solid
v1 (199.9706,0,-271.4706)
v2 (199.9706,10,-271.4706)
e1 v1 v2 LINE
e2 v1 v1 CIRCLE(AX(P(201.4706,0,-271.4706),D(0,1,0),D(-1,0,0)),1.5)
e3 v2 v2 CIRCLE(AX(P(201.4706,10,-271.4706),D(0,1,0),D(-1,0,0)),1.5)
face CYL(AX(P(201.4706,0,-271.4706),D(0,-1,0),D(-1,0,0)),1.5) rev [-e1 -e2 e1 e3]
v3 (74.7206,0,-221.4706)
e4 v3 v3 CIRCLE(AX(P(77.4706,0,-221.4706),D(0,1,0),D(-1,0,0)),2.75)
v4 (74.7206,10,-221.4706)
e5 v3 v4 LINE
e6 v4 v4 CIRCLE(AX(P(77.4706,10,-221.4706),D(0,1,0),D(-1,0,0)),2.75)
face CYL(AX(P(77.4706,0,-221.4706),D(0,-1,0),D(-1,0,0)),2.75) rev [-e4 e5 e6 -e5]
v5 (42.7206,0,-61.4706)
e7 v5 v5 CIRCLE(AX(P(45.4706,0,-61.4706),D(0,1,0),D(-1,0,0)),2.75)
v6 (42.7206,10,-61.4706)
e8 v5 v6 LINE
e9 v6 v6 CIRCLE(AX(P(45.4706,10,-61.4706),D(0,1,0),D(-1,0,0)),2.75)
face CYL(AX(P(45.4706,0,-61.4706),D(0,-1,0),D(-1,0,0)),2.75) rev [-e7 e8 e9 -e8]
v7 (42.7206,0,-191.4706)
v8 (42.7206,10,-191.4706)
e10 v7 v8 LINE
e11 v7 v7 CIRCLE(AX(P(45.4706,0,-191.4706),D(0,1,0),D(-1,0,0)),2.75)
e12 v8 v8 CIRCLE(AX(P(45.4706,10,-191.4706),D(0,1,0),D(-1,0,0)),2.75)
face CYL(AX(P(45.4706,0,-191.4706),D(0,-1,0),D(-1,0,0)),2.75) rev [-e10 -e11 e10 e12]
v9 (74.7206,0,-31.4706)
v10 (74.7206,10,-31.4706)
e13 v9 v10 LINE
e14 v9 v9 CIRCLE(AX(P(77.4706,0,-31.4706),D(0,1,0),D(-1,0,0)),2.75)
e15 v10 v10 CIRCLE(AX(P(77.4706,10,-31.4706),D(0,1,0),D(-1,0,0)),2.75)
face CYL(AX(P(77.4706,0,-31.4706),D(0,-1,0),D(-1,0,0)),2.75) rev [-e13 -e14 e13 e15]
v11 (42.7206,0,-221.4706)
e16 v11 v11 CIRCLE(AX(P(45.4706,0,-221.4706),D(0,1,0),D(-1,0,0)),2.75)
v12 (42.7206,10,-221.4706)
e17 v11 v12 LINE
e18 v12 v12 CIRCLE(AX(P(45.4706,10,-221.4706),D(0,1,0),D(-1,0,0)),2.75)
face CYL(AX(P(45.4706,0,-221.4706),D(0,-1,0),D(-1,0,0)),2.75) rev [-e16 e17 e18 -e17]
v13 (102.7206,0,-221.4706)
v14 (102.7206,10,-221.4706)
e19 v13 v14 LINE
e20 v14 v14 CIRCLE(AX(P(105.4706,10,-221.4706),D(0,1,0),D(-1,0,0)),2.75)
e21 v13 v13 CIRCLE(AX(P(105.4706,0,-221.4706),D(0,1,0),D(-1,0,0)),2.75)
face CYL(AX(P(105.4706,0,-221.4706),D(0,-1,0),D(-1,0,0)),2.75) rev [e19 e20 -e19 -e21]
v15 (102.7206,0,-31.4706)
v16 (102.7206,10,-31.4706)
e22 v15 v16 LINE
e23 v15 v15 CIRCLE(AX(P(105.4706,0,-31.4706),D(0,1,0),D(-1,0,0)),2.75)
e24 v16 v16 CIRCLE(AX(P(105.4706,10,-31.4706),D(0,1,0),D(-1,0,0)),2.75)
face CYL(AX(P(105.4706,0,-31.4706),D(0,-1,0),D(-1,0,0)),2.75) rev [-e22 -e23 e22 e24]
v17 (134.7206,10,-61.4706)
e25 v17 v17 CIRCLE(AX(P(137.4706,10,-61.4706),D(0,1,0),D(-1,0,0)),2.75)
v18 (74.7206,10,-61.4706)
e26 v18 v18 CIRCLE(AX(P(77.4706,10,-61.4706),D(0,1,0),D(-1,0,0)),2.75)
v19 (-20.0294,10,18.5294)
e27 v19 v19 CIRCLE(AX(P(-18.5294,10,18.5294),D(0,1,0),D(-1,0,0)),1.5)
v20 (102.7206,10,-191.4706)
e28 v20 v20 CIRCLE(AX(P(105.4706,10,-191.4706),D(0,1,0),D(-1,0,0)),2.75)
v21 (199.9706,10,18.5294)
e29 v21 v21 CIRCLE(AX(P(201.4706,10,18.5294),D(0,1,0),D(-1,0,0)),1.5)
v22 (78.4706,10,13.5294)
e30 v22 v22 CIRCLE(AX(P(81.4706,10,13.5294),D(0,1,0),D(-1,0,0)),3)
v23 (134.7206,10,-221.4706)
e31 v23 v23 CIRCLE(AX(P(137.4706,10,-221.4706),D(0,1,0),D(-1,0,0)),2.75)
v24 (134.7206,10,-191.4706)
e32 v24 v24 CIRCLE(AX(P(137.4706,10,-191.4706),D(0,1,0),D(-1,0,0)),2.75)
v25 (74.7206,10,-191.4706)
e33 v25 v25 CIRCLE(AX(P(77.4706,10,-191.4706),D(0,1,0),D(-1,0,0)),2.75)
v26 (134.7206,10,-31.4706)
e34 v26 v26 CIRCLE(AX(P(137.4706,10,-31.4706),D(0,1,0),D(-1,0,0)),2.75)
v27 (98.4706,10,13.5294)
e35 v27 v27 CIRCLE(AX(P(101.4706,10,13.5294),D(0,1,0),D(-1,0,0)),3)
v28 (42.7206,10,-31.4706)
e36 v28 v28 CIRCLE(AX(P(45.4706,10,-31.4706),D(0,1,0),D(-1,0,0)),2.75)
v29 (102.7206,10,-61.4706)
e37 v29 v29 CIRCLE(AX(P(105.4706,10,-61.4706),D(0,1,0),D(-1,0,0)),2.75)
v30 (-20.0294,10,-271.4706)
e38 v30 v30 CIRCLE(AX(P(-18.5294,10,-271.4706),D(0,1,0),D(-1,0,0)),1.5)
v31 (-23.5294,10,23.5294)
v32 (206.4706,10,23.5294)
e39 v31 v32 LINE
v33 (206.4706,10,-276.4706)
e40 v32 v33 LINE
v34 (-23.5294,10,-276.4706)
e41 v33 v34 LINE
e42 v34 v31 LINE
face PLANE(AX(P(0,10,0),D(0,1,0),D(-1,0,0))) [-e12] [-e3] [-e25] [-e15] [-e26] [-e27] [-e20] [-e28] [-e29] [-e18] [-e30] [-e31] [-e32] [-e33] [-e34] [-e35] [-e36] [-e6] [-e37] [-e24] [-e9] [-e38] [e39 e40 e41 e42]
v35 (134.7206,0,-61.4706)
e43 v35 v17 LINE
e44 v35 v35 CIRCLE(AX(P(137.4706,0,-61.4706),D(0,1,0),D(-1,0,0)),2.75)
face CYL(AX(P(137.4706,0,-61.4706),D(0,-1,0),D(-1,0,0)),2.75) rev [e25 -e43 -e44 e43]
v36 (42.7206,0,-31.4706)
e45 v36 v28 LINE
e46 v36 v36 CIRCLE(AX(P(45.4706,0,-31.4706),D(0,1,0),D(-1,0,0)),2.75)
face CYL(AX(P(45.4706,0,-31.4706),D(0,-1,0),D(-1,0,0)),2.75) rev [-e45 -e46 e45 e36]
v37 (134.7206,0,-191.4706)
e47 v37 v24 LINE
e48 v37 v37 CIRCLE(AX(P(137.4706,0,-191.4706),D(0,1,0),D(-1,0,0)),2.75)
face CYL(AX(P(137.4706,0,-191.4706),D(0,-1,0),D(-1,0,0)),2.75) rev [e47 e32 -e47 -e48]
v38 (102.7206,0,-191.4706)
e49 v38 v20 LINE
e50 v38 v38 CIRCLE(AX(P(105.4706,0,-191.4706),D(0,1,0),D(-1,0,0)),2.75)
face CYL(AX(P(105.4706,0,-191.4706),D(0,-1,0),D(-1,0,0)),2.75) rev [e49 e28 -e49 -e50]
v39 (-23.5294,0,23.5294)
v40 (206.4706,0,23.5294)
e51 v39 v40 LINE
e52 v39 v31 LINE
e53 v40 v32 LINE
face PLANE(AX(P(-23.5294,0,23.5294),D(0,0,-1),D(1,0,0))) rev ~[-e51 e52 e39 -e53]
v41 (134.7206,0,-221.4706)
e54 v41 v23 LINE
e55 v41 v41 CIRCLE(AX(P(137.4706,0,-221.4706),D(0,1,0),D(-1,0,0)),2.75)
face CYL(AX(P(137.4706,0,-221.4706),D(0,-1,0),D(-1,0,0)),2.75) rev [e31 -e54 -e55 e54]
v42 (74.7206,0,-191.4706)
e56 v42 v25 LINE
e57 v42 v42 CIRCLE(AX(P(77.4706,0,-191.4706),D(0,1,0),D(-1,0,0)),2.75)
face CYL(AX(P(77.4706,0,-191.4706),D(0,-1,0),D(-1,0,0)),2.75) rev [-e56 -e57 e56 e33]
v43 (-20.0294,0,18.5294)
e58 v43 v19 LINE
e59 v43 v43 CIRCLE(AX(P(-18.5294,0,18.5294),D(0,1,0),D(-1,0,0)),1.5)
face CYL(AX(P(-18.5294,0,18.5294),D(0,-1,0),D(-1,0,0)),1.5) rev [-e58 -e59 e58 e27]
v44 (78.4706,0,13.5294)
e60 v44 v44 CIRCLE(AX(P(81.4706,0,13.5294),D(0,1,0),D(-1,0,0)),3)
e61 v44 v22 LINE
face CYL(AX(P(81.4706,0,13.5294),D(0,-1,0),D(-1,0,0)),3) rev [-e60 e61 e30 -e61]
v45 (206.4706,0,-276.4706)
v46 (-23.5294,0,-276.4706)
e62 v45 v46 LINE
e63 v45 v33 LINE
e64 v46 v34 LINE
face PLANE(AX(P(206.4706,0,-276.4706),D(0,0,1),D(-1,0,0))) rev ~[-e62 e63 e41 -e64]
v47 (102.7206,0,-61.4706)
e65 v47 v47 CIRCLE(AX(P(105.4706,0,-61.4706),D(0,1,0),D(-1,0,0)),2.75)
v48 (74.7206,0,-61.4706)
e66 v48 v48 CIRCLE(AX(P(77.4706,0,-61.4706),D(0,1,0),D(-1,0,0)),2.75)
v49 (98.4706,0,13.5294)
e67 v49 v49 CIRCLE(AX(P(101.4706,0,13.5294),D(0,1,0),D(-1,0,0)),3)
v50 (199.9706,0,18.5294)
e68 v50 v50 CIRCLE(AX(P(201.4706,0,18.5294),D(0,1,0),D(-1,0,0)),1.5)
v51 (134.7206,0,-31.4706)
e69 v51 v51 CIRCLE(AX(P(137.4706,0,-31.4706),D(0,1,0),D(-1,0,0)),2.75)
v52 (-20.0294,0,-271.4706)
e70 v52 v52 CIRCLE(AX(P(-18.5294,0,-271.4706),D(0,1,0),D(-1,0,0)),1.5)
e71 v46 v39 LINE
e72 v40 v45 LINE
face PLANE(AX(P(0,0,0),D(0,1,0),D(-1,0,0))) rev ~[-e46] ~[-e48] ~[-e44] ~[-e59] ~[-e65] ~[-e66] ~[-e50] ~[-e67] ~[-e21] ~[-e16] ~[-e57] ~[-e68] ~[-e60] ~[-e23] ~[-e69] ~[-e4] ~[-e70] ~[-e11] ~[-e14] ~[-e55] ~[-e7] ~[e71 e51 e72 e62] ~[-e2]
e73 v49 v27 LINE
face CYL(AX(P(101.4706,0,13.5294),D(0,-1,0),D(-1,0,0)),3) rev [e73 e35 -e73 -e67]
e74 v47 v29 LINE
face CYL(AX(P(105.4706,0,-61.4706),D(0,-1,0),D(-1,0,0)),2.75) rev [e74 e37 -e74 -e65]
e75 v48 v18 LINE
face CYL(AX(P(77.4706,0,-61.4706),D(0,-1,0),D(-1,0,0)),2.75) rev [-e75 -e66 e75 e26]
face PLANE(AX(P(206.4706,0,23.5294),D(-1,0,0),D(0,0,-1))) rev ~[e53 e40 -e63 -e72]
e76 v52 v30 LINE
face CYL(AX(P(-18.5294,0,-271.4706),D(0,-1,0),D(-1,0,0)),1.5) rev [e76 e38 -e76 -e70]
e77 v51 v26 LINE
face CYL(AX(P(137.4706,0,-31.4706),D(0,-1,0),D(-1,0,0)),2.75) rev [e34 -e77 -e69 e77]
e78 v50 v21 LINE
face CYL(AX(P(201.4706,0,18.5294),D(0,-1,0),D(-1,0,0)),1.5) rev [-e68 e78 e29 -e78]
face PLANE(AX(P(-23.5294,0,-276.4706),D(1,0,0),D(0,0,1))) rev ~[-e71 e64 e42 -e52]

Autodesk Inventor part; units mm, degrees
ref_plane "YZ Plane" through (0, 0, 0) normal (1, 0, 0) x (0, 1, 0)
ref_plane "XZ Plane" through (0, 0, 0) normal (0, 1, 0) x (-1, 0, 0)
ref_plane "XY Plane" through (0, 0, 0) normal (0, 0, 1) x (1, 0, 0)
sketch "Schizzo1" plane through (0, 0, 0) normal (0, 1, 0) x (-1, 0, 0)
  line L0 (23.5294, 23.5294) -> (-206.4706, 23.5294)
  line L1 (-206.4706, 23.5294) -> (-206.4706, -276.4706)
  line L2 (-206.4706, -276.4706) -> (23.5294, -276.4706)
  line L3 (23.5294, -276.4706) -> (23.5294, 23.5294)
  circle A0 centre (-45.4706, -31.4706) radius 2.75
  circle A1 centre (-45.4706, -61.4706) radius 2.75
  circle A2 centre (-77.4706, -31.4706) radius 2.75
  circle A3 centre (-77.4706, -61.4706) radius 2.75
  circle A4 centre (-45.4706, -191.4706) radius 2.75
  circle A5 centre (-45.4706, -221.4706) radius 2.75
  circle A6 centre (-77.4706, -191.4706) radius 2.75
  circle A7 centre (-77.4706, -221.4706) radius 2.75
  circle A8 centre (-105.4706, -31.4706) radius 2.75
  circle A9 centre (-105.4706, -61.4706) radius 2.75
  circle A10 centre (-137.4706, -31.4706) radius 2.75
  circle A11 centre (-137.4706, -61.4706) radius 2.75
  circle A12 centre (-105.4706, -191.4706) radius 2.75
  circle A13 centre (-105.4706, -221.4706) radius 2.75
  circle A14 centre (-137.4706, -191.4706) radius 2.75
  circle A15 centre (-137.4706, -221.4706) radius 2.75
  circle A16 centre (-81.4706, 13.5294) radius 3
  circle A17 centre (-101.4706, 13.5294) radius 3
  circle A18 centre (18.5294, 18.5294) radius 1.5
  circle A19 centre (18.5294, -271.4706) radius 1.5
  circle A20 centre (-201.4706, 18.5294) radius 1.5
  circle A21 centre (-201.4706, -271.4706) radius 1.5
  point P0 (0, 0)
  dimension "d0" = 300
  dimension "d1" = 230
  dimension "d4" = 5.5
  dimension "d7" = 30
  dimension "d10" = 32
  dimension "d15" = 160
  dimension "d25" = 60
  dimension "d27" = 55
  dimension "d28" = 69
  dimension "d29" = 6
  dimension "d32" = 20
  dimension "d37" = 10
  dimension "d38" = 105
  dimension "d39" = 3
  dimension "d40" = 5
  dimension "d41" = 5
  dimension "d44" = 290
  dimension "d47" = 220
extrude "Estrusione1" add sketch "Schizzo1" along normal blind 10
properties part number "base di lavoro" material "Acciaio inox, Austenitico"
